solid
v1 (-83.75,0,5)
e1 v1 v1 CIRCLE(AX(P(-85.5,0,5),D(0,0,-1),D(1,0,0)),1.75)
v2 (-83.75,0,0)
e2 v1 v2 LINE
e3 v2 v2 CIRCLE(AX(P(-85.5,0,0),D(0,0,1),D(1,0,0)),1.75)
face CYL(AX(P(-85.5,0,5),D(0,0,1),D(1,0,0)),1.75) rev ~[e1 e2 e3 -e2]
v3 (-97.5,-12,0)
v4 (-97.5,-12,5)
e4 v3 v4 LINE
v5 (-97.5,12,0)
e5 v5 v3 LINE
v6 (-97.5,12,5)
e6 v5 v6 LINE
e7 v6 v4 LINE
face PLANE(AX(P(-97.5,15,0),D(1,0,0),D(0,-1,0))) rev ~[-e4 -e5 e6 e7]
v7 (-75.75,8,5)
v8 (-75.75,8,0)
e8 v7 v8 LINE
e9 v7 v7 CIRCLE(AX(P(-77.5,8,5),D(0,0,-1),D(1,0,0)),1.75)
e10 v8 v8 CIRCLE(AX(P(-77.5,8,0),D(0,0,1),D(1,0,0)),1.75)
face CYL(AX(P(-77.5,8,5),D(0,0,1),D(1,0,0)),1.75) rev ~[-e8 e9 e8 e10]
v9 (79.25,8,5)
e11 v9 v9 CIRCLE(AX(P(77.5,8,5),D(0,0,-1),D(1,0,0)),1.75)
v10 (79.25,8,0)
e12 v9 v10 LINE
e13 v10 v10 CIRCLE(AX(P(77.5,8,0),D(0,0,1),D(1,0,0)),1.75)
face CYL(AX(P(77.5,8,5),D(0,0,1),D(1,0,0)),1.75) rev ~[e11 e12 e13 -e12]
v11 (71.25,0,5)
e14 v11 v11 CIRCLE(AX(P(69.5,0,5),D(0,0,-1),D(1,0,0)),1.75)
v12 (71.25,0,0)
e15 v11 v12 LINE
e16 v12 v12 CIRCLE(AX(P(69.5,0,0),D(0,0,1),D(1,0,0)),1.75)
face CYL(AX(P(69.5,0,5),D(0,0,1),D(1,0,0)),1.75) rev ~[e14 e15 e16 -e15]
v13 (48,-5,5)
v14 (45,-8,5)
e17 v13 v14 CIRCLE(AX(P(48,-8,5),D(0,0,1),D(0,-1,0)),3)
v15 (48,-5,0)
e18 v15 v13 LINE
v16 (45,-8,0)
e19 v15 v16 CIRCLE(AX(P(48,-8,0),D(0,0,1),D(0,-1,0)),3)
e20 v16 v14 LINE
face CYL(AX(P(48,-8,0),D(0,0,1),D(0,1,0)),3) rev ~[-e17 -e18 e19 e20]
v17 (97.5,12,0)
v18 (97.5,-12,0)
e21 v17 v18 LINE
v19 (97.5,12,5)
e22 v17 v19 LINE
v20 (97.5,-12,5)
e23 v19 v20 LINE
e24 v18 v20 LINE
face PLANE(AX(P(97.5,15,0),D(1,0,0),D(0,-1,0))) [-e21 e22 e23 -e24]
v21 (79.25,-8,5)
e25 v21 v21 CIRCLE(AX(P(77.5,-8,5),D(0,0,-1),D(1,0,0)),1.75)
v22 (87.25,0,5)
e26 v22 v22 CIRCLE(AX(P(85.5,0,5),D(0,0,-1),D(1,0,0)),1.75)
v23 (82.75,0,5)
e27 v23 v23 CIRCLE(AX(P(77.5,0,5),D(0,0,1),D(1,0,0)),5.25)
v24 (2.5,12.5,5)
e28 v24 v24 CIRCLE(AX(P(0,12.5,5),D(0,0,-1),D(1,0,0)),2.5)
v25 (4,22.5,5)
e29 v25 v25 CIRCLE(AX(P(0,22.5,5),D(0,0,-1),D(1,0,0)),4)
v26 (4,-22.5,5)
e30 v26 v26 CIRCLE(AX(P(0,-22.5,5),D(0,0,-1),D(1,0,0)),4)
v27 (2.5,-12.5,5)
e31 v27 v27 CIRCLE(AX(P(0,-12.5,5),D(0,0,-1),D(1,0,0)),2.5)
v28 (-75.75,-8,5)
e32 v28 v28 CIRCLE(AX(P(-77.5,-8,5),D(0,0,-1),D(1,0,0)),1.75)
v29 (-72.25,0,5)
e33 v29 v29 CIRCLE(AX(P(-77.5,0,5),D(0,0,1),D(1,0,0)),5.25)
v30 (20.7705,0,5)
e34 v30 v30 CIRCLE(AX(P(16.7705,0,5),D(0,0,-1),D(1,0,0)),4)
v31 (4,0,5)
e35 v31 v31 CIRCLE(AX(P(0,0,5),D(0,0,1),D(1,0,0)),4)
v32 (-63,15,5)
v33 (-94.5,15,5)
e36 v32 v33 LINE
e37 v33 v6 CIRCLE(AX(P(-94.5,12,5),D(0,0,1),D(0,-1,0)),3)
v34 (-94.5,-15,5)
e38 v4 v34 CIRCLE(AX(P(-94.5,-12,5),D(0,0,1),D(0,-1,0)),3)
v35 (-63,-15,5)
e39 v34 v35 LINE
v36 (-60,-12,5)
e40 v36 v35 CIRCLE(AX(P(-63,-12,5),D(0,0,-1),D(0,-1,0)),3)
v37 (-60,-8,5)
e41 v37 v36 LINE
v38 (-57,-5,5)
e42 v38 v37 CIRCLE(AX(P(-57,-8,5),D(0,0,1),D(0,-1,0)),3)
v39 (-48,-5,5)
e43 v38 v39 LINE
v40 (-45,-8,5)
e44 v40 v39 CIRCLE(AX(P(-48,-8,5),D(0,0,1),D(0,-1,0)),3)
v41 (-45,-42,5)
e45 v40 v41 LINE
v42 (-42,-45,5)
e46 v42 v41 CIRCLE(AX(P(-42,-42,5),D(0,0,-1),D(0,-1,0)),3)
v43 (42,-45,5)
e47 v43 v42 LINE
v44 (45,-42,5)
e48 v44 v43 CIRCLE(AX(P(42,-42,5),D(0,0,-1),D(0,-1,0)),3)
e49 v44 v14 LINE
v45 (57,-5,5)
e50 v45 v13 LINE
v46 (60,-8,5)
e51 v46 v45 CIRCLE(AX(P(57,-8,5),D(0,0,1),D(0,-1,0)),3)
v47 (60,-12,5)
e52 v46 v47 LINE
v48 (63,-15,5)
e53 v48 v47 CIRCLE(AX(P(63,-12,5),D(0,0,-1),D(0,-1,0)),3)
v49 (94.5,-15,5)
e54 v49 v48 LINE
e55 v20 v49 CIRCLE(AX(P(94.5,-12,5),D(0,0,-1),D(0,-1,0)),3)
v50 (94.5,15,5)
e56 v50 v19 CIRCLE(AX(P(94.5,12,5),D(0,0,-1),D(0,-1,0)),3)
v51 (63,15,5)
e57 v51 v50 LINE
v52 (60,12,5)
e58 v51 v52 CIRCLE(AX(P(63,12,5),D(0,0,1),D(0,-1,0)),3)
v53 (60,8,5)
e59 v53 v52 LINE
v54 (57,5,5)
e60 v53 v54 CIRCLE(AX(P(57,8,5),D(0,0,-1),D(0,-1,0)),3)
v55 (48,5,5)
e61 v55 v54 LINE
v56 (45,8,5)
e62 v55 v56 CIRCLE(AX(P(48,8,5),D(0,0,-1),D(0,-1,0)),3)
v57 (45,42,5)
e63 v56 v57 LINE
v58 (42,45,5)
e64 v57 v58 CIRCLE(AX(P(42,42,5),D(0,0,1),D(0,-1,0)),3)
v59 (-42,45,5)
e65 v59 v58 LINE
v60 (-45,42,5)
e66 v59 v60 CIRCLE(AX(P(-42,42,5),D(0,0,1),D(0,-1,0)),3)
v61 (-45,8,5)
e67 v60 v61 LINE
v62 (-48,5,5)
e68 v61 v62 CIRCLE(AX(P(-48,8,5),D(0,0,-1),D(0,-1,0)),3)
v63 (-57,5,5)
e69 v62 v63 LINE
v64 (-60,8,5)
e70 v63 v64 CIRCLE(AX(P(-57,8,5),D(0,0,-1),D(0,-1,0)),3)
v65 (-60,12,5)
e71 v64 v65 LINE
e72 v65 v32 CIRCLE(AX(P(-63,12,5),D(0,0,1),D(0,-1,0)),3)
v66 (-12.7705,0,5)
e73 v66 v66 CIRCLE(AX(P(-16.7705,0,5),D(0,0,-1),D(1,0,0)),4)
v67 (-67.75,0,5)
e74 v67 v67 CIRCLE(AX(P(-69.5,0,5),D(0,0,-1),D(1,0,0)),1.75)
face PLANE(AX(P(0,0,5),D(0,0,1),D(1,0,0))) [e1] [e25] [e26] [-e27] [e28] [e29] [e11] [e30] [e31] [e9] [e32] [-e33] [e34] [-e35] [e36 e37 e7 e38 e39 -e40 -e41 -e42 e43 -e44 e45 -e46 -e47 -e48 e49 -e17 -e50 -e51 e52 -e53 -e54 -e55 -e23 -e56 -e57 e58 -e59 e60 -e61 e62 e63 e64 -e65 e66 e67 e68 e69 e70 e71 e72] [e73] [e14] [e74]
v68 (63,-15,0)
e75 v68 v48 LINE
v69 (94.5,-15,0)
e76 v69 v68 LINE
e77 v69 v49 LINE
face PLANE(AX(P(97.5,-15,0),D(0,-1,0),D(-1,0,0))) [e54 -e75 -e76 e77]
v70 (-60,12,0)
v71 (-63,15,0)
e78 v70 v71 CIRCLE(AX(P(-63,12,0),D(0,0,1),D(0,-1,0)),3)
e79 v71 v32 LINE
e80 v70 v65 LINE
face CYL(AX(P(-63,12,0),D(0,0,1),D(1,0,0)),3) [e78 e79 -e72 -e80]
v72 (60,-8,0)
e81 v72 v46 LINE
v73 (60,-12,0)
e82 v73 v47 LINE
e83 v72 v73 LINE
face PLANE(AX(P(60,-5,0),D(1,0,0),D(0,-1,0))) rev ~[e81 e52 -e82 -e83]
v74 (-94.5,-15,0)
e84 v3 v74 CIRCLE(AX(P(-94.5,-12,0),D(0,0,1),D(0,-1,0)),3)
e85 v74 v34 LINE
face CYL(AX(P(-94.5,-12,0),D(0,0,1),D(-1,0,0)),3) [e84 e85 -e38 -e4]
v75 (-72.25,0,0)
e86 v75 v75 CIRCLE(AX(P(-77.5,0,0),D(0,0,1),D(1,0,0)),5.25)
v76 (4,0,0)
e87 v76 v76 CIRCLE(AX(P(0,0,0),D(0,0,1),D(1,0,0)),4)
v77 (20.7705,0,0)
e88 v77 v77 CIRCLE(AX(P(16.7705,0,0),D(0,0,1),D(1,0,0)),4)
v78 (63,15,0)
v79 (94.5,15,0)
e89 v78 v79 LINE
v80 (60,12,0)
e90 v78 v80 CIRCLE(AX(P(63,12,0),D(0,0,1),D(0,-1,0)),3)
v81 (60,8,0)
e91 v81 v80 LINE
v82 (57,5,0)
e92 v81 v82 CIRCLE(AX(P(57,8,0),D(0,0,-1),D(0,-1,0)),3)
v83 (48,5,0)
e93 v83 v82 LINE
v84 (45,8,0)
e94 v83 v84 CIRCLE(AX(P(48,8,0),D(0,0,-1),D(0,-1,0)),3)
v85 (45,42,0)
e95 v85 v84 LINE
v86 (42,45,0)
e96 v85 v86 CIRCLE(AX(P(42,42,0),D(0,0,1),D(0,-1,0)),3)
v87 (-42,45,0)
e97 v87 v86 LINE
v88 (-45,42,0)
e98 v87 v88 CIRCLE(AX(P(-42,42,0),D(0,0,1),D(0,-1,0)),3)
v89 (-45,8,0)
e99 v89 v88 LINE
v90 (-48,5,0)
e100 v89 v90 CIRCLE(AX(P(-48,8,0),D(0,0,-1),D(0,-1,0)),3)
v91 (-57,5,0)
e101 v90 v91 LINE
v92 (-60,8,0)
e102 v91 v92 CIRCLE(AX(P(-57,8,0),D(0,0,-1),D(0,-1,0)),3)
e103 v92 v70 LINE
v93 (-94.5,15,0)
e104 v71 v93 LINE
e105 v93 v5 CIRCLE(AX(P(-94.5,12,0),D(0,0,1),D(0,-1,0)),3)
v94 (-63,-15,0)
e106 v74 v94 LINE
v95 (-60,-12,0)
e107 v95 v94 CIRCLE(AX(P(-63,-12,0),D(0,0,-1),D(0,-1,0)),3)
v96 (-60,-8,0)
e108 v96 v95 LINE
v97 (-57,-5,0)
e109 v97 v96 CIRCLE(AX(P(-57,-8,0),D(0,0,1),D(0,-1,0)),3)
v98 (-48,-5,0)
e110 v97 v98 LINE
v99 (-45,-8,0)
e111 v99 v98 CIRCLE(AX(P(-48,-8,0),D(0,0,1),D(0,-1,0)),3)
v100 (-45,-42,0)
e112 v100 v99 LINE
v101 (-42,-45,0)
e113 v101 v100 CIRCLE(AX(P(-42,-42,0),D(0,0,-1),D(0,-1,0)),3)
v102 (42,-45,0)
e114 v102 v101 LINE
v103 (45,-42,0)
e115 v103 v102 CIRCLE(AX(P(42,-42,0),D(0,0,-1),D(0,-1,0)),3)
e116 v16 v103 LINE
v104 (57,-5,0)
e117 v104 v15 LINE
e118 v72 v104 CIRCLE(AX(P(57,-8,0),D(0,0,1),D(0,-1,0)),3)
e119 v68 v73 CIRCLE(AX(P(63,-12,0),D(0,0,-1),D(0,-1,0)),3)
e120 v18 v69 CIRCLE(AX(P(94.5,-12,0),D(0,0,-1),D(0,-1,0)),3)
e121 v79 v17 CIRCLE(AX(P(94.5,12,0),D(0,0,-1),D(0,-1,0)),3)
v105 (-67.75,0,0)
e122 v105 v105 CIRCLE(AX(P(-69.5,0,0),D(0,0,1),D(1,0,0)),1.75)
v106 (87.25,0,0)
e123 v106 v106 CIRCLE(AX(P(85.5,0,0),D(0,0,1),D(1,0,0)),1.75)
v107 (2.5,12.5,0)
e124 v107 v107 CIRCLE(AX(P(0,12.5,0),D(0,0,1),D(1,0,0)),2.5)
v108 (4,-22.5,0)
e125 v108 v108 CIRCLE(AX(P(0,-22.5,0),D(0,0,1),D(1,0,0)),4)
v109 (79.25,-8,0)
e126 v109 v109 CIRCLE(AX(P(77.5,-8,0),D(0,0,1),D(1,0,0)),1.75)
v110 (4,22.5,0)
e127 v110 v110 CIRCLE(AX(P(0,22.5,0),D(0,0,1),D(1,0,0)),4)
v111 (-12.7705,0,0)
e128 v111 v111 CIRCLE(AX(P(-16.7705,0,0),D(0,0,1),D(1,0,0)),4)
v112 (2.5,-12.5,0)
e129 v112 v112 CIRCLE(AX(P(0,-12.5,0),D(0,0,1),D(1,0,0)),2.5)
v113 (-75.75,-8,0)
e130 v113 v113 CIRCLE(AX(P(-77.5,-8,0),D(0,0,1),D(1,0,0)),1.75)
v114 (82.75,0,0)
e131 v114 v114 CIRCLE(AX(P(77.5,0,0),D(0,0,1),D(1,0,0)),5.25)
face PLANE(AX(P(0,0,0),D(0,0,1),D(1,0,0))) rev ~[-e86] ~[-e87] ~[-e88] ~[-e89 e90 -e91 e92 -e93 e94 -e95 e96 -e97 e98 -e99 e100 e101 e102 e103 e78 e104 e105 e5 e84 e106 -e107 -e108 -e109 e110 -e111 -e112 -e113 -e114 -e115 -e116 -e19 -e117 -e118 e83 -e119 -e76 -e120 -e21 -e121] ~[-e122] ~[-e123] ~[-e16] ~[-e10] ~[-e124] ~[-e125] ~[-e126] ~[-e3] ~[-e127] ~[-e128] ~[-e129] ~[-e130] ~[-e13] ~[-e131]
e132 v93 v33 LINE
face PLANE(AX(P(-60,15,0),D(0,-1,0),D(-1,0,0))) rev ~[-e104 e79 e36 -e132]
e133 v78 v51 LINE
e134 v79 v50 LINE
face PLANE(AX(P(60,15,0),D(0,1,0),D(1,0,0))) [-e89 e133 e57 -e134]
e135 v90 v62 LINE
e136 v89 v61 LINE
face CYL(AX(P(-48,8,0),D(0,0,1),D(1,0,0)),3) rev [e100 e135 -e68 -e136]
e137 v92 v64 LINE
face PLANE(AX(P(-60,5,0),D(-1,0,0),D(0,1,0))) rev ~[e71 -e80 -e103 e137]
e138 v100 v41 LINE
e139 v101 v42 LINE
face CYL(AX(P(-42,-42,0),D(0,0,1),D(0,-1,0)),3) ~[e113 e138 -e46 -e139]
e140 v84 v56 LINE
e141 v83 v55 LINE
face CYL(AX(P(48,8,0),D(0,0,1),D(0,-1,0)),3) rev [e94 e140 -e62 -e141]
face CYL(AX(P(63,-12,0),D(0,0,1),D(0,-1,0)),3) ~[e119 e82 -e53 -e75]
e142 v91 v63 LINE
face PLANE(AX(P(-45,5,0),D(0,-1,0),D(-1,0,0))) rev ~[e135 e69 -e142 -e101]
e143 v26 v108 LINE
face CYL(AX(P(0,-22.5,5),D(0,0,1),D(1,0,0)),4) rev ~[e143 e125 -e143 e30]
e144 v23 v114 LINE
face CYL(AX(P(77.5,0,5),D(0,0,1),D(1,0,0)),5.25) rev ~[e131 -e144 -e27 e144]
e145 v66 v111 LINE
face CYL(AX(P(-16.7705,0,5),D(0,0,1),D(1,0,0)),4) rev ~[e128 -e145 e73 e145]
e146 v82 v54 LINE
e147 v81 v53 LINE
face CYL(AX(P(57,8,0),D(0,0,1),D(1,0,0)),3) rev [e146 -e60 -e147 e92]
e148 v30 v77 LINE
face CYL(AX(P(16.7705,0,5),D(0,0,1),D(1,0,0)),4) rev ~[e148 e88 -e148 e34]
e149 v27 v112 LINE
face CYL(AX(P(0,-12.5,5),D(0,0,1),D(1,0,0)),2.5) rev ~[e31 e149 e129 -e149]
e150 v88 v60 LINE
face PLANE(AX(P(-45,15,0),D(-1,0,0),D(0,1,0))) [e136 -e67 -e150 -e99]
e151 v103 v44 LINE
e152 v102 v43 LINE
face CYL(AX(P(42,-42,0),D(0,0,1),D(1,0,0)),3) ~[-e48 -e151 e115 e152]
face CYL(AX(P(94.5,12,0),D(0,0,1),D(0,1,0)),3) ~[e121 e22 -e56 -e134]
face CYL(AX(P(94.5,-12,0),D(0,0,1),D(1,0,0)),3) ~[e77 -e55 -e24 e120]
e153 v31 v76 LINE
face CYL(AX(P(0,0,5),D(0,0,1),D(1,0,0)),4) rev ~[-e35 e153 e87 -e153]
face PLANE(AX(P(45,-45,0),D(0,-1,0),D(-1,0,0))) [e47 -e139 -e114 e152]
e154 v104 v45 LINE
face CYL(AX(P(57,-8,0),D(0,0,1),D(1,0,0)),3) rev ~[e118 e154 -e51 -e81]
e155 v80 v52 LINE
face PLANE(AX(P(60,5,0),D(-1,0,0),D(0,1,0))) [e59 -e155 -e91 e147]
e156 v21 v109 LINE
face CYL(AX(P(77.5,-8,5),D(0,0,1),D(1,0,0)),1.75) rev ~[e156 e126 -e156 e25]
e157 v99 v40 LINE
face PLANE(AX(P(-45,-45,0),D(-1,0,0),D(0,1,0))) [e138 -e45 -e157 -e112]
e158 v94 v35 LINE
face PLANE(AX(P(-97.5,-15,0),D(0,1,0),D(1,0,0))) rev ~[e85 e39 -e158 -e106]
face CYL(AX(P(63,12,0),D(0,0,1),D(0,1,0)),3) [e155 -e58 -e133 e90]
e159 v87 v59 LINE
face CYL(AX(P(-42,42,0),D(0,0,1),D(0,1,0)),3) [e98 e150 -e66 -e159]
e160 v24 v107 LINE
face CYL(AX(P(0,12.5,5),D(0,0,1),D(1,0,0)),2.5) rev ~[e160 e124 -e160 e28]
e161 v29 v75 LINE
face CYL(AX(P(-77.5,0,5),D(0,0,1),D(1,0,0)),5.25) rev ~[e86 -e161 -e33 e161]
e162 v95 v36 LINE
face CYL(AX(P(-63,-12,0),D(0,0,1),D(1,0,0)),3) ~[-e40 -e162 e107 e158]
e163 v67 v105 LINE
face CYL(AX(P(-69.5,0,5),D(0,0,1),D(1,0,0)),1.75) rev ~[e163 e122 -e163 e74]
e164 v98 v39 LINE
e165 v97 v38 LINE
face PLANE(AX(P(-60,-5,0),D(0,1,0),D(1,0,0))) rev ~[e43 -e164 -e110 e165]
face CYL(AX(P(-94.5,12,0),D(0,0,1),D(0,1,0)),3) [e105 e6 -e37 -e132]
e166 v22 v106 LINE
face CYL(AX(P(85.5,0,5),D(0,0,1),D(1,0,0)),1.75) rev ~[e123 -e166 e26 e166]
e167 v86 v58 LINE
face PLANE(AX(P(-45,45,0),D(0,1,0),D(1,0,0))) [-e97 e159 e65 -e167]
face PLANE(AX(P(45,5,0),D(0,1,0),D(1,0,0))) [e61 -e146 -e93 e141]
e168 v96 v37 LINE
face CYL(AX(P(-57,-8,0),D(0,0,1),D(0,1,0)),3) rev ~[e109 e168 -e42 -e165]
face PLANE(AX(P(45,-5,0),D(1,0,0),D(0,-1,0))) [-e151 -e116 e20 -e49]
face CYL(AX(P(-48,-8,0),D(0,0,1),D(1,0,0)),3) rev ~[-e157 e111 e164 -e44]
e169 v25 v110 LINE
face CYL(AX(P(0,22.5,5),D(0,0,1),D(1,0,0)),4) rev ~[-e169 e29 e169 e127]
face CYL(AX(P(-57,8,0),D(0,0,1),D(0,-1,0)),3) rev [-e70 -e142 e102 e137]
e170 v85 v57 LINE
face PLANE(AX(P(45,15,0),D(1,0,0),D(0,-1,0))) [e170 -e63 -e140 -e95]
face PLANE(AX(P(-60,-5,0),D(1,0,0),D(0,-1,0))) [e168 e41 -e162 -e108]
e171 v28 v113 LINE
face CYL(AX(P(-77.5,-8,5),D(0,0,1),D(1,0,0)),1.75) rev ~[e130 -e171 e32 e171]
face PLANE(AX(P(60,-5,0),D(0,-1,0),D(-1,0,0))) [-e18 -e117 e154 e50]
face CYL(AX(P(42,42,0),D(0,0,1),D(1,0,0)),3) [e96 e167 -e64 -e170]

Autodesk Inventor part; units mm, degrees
ref_plane "YZ Plane" through (0, 0, 0) normal (1, 0, 0) x (0, 1, 0)
ref_plane "XZ Plane" through (0, 0, 0) normal (0, 1, 0) x (-1, 0, 0)
ref_plane "XY Plane" through (0, 0, 0) normal (0, 0, 1) x (1, 0, 0)
sketch "Sketch1" plane through (0, 0, 0) normal (0, 0, 1) x (1, 0, 0)
  line L0 (0, 0) -> (0, 20) construction
  line L1 (2.5, 15) -> (97.5, 15)
  line L2 (97.5, 15) -> (97.5, -15)
  line L3 (97.5, -15) -> (2.5, -15)
  line L4 (2.5, -15) -> (2.5, 15)
  line L5 (2.5, 15) -> (97.5, -15) construction
  line L6 (97.5, 15) -> (2.5, -15) construction
  line L7 (40, 5) -> (60, 5)
  line L8 (60, 5) -> (60, -5)
  line L9 (60, -5) -> (40, -5)
  line L10 (40, -5) -> (40, 5)
  line L11 (40, 5) -> (60, -5) construction
  line L12 (60, 5) -> (40, -5) construction
  line L13 (60, 5) -> (60, 15)
  line L14 (60, -5) -> (60, -15)
  line L15 (-2.5, 15) -> (-97.5, 15)
  line L16 (-97.5, 15) -> (-97.5, -15)
  line L17 (-97.5, -15) -> (-2.5, -15)
  line L18 (-2.5, -15) -> (-2.5, 15)
  line L19 (-2.5, 15) -> (-97.5, -15) construction
  line L20 (-97.5, 15) -> (-2.5, -15) construction
  line L21 (-40, 5) -> (-60, 5)
  line L22 (-60, 5) -> (-60, -5)
  line L23 (-60, -5) -> (-40, -5)
  line L24 (-40, -5) -> (-40, 5)
  line L25 (-40, 5) -> (-60, -5) construction
  line L26 (-60, 5) -> (-40, -5) construction
  line L27 (-60, 5) -> (-60, 15)
  line L28 (-60, -5) -> (-60, -15)
  line L29 (-45, 45) -> (45, 45)
  line L30 (45, 45) -> (45, -45)
  line L31 (45, -45) -> (-45, -45)
  line L32 (-45, -45) -> (-45, 45)
  line L33 (-45, 45) -> (45, -45) construction
  line L34 (45, 45) -> (-45, -45) construction
  point P0 (50, 0)
  point P1 (50, 0)
  point P2 (-50, 0)
  point P3 (-50, 0)
  point P4 (45, 15)
  point P5 (-45, 15)
  point P6 (-45, -15)
  point P7 (45, -15)
  point P8 (45, -5)
  point P9 (45, 5)
  point P10 (-45, -5)
  point P11 (-45, 5)
  dimension "d3" = 20
  dimension "d17" = 95
  dimension "d18" = 30
  dimension "d19" = 20
  dimension "d20" = 10
  dimension "d70" = 90
  dimension "d71" = 90
  dimension "d72" = 50
extrude "Extrusion1" add sketch "Sketch1" along normal blind 5 contours L1 L2 L3 L14 L8 L13 | L30 L7 L10 L9 L3 L4 L1 | L1 L4 L3 L30 L31 L32 L17 L18 L15 L29 | L8 L9 L30 L7 | L30 L9 L10 L7 | L15 L18 L17 L32 L23 L24 L21 | L27 L22 L28 L17 L16 L15 | L32 L23 L22 L21 | L21 L24 L23 L32
sketch "Sketch2" plane through (0, 0, 5) normal (0, 0, 1) x (1, 0, 0)
  line L0 (0, 0) -> (-77.5, 0) construction
  circle A0 centre (-77.5, 0) radius 5.25
  line L1 (0, 0) -> (0, 20) construction
  circle A1 centre (-77.5, 0) radius 8
  circle A2 centre (-69.5, 0) radius 1.75
  circle A3 centre (-77.5, 8) radius 1.75
  circle A4 centre (-85.5, 0) radius 1.75
  circle A5 centre (-77.5, -8) radius 1.75
  circle A6 centre (77.5, 0) radius 5.25
  circle A7 centre (77.5, 0) radius 8
  circle A8 centre (69.5, 0) radius 1.75
  circle A9 centre (77.5, 8) radius 1.75
  circle A10 centre (85.5, 0) radius 1.75
  circle A11 centre (77.5, -8) radius 1.75
  dimension "d26" = 16
  dimension "d6" = 77.5
  dimension "d7" = 10.5
  dimension "d8" = 20
  dimension "d27" = 3.5
  dimension "d30" = 360
extrude "Extrusion2" cut sketch "Sketch2" against normal blind 7 contours A0 | A1 A2 | A1 A2 | A3 A1 | A1 A3 | A5 A1 | A1 A5 | A4 A1 | A1 A4 | A6 | A7 A10 | A7 A10 | A9 A7 | A7 A9 | A11 A7 | A7 A11 | A8 A7 | A7 A8
fillet "Fillet1" radius 3 20 edges at (-60, 5, 2.5) (-60, 15, 2.5) (-60, -5, 2.5) (-60, -15, 2.5) (-97.5, -15, 2.5) (-97.5, 15, 2.5) (97.5, 15, 2.5) (97.5, -15, 2.5) (60, -15, 2.5) (60, 15, 2.5) (60, -5, 2.5) (60, 5, 2.5) (-45, 5, 2.5) (-45, -5, 2.5) (45, 5, 2.5) (45, -5, 2.5) (-45, 45, 2.5) (45, 45, 2.5) (45, -45, 2.5) (-45, -45, 2.5)
sketch "Sketch4" plane through (0, 0, 5) normal (0, 0, 1) x (1, 0, 0)
  line L0 (-17.5, 5) -> (17.5, 5)
  line L1 (17.5, 5) -> (17.5, -5)
  line L2 (17.5, -5) -> (-17.5, -5)
  line L3 (-17.5, -5) -> (-17.5, 5)
  line L4 (-17.5, 5) -> (17.5, -5) construction
  line L5 (17.5, 5) -> (-17.5, -5) construction
  circle A0 centre (0, -5) radius 17.5
  circle A1 centre (0, 5) radius 17.5
  circle A2 centre (0, -22.5) radius 4
  circle A3 centre (0, 22.5) radius 4
  circle A4 centre (0, 0) radius 4
  circle A5 centre (16.7705, 0) radius 4
  circle A6 centre (-16.7705, 0) radius 4
  circle A7 centre (0, -12.5) radius 2.5
  circle A8 centre (0, 12.5) radius 2.5
  dimension "d32" = 35
  dimension "d33" = 10
  dimension "d34" = 35
  dimension "d35" = 35
  dimension "d36" = 8
  dimension "d37" = 8
  dimension "d38" = 8
  dimension "d39" = 8
  dimension "d40" = 8
  dimension "d41" = 5
  dimension "d42" = 5
extrude "Extrusion3" cut sketch "Sketch4" against normal blind 10 contours A6 A1 A0 L3 | L3 A6 | A3 A1 | A1 A3 | A6 A0 A1 | A8 A0 | A0 A8 | A6 A1 A0 | A1 A6 A0 | A5 A1 A0 | A0 A1 A5 | A5 L1 | L1 A5 A0 A1 | A0 A5 A1 | A2 A0 | A0 A2 | A7 A1 | A1 A7 | A4
properties part number "TAPA CUADRADA QUE DESPLAZA CON TORNILLOS"
